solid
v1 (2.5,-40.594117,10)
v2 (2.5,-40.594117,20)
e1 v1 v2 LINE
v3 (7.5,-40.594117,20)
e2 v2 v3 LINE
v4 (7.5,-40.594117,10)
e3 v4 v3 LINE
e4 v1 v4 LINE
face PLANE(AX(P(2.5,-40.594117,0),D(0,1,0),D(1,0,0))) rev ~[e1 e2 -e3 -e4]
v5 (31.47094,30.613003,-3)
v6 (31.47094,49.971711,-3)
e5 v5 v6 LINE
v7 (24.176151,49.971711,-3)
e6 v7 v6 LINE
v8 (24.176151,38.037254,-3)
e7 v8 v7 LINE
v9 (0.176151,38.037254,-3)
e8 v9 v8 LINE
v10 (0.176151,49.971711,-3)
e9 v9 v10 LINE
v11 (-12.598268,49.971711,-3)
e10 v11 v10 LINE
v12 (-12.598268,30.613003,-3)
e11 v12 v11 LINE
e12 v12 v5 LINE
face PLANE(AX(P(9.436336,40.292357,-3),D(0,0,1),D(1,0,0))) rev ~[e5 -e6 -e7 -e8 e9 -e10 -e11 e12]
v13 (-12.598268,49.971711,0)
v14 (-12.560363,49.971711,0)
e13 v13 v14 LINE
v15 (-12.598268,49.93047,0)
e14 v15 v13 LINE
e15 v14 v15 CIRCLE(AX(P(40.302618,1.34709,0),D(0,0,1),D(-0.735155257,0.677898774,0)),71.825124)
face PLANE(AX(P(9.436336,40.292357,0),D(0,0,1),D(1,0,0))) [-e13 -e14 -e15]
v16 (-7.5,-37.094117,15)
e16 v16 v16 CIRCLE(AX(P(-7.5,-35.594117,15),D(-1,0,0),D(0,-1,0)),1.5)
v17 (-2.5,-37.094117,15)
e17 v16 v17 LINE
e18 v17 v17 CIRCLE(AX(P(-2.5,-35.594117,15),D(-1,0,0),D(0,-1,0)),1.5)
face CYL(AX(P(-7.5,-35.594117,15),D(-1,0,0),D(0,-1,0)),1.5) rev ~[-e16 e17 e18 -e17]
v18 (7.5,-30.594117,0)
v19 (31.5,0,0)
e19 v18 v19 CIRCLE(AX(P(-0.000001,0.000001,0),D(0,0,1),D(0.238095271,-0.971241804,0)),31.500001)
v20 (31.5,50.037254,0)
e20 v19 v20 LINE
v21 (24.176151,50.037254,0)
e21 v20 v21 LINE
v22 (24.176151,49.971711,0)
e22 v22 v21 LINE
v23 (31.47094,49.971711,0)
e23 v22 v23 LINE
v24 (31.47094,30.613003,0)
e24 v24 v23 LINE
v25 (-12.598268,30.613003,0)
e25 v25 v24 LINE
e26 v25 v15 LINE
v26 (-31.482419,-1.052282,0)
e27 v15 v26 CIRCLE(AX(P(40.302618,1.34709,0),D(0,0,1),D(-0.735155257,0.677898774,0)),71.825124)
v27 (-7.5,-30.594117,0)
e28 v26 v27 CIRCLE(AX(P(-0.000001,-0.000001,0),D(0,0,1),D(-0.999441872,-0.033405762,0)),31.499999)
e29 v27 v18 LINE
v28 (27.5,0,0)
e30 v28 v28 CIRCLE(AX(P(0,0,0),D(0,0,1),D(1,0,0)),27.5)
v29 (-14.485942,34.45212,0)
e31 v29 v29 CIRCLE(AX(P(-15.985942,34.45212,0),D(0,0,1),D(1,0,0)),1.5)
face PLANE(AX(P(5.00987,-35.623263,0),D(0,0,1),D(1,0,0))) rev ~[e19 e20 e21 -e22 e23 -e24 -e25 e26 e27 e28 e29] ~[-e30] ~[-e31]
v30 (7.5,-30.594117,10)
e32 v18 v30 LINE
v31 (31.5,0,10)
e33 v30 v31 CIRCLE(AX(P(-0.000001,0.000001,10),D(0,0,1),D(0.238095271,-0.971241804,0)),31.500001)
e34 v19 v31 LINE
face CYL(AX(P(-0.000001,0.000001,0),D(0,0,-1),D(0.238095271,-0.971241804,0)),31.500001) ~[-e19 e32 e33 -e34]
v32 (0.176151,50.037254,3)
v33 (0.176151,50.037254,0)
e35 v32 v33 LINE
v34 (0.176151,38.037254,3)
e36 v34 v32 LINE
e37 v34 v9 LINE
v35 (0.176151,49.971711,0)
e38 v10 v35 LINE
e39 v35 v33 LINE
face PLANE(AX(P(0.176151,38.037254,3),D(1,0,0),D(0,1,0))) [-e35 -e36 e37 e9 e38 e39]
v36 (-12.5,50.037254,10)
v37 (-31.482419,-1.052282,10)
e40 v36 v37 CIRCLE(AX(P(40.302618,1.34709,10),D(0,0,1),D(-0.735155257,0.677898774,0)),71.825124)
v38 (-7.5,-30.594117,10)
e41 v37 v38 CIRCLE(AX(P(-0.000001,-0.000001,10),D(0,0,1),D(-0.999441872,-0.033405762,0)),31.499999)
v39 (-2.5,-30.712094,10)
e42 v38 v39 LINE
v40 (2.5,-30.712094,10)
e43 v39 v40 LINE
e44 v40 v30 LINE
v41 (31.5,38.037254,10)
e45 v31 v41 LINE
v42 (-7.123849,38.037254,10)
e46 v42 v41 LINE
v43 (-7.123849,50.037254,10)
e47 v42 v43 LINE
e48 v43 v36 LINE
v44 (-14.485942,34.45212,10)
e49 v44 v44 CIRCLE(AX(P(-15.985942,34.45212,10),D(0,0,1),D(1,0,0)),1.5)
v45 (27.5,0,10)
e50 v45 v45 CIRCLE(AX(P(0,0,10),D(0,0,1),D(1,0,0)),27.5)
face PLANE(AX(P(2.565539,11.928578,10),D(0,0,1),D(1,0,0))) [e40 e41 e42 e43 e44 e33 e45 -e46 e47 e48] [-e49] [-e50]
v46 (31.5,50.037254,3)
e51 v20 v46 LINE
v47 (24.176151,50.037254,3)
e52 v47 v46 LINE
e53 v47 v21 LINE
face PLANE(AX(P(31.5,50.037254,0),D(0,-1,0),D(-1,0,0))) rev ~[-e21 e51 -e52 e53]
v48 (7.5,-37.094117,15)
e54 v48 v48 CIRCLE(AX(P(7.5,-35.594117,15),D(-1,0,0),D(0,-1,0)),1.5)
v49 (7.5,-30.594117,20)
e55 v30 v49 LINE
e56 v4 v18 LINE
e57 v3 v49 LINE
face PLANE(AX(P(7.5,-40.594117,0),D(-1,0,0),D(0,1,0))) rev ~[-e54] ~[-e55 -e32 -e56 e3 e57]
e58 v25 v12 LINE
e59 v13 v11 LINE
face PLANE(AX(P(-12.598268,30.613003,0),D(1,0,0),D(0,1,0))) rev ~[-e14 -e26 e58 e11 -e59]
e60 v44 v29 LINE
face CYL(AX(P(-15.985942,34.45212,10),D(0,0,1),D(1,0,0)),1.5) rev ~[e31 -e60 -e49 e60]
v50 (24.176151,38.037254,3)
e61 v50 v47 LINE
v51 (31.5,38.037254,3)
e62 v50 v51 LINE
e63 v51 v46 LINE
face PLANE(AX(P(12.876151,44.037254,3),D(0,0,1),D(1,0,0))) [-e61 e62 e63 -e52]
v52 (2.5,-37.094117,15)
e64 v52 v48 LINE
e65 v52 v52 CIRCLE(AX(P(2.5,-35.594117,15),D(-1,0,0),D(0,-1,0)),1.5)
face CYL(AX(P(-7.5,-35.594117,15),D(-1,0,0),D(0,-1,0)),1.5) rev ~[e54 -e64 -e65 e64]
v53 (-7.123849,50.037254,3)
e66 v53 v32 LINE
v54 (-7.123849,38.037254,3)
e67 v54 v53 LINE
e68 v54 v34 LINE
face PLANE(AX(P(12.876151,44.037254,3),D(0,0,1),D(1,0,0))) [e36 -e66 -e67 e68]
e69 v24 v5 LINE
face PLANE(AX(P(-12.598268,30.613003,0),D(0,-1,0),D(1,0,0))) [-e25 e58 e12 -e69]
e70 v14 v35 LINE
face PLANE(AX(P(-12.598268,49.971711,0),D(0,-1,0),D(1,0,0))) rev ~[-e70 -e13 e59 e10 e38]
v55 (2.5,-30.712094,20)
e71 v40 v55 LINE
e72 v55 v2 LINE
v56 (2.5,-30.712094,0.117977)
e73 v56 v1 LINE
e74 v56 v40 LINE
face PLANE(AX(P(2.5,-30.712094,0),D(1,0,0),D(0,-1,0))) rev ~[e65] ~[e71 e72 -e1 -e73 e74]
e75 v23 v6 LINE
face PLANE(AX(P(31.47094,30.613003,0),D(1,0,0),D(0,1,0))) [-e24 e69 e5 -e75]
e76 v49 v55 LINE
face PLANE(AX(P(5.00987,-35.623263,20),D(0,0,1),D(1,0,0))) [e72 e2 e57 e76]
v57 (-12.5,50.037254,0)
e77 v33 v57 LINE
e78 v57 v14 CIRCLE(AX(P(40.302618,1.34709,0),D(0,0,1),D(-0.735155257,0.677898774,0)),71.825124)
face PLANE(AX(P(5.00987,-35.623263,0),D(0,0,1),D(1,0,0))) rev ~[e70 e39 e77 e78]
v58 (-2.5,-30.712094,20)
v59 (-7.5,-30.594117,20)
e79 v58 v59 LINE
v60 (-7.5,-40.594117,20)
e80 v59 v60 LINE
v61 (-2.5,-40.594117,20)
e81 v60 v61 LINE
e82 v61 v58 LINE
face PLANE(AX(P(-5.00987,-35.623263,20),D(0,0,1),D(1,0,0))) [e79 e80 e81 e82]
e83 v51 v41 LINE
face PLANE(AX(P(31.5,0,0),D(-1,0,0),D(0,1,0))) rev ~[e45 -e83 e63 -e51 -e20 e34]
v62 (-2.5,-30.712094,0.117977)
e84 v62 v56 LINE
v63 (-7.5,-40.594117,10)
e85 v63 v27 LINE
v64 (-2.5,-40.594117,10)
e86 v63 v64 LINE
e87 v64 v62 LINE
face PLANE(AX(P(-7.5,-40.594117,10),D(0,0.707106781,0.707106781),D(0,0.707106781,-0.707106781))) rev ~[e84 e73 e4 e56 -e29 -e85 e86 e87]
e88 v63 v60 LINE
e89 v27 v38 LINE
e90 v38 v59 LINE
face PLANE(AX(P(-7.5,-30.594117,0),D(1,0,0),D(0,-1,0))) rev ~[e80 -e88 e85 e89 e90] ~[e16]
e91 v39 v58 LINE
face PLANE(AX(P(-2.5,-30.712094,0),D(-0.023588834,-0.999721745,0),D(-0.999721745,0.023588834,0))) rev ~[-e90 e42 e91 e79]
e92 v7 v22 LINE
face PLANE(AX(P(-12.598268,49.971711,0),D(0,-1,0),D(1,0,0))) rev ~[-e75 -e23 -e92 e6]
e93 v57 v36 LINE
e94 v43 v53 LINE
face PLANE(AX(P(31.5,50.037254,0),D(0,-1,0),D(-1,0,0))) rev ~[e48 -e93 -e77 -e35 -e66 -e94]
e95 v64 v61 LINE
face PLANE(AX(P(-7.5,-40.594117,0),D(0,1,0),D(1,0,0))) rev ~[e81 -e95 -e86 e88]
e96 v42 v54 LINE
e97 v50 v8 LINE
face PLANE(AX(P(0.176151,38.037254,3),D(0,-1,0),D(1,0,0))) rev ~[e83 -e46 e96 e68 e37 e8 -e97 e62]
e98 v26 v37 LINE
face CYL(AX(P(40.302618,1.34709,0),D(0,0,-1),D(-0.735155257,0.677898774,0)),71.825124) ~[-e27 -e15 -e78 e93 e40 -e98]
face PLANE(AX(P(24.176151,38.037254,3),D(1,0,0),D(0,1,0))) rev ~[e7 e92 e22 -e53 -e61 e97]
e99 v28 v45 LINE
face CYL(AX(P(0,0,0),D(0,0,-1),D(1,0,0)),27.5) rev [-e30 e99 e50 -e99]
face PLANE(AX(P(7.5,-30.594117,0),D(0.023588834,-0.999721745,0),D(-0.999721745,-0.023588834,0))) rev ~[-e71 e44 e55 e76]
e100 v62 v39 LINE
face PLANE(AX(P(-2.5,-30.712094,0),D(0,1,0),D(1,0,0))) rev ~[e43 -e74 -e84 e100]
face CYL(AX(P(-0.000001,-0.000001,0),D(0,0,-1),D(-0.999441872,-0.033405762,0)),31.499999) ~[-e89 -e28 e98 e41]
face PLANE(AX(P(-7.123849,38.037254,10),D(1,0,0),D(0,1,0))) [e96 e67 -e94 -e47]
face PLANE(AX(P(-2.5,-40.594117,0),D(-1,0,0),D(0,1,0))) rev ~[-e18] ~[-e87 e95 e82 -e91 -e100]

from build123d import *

# Parameters (mm, degrees)
F0_R      = 27.5
F1_DEPTH  = 10
F2_DEPTH  = 20
F4_DEPTH  = 25
F5_W      = 40
F5_H      = 12
F6_DEPTH  = 7
F8_W      = 44.069208
F8_H      = 19.358708
F9_DEPTH  = 3
F7_W      = 24
F7_H      = 12
F10_DEPTH = 25
F11_R     = 1.5
F12_DEPTH = 25
F13_R     = 1.5
F14_DEPTH = 25


with BuildPart() as f1:
    # F0 (on Top) → F1 (new body)
    with BuildSketch(Plane.XY):
        with BuildLine():
            ThreePointArc((-12.5, 50.037254), (-27.025356, 26.362934), (-31.482419, -1.052282))
            ThreePointArc((-31.482419, -1.052282), (-24.455823, -19.853532), (-7.5, -30.594117))
            Line((-7.5, -30.594117), (-2.5, -30.712094))
            Line((-2.5, -30.712094), (2.5, -30.712094))
            Line((2.5, -30.712094), (7.5, -30.594117))
            ThreePointArc((7.5, -30.594117), (24.784067, -19.442222), (31.5, 0))
            Line((31.5, 0), (31.5, 50.037254))
            Line((31.5, 50.037254), (-12.5, 50.037254))
        make_face()
        Circle(F0_R, mode=Mode.SUBTRACT)
    extrude(amount=F1_DEPTH)

    # F0 (on Top) → F2 (join)
    with BuildSketch(Plane.XY):
        Polygon((7.5, -30.594117), (2.5, -30.712094), (2.5, -40.594117), (7.5, -40.594117), align=None)
        Polygon((-2.5, -30.712094), (-7.5, -30.594117), (-7.5, -40.594117), (-2.5, -40.594117), align=None)
    extrude(amount=F2_DEPTH)

    # F3 (on face) → F4 (cut)
    with BuildSketch(Plane(origin=(-7.5, 0, 0), x_dir=(0, -1, 0), z_dir=(-1, 0, 0))):
        Polygon((40.594117, 10), (30.594117, 0), (40.594117, 0), align=None)
    extrude(amount=-F4_DEPTH, mode=Mode.SUBTRACT)

    # F5 (on face) → F6 (cut)
    with BuildSketch(Plane.XY.offset(10)):
        with Locations((12.876151, 44.037254)):
            Rectangle(F5_W, F5_H)
    extrude(amount=-F6_DEPTH, mode=Mode.SUBTRACT)

    # F8 (on face) → F9 (join)
    with BuildSketch(Plane.XY):
        with Locations((9.436336, 40.292357)):
            Rectangle(F8_W, F8_H)
    extrude(amount=-F9_DEPTH)

    # F7 (on face) → F10 (cut)
    with BuildSketch(Plane.XY.offset(3)):
        with Locations((12.176151, 44.037254)):
            Rectangle(F7_W, F7_H)
    extrude(amount=-F10_DEPTH, mode=Mode.SUBTRACT)

    # F11 (on face) → F12 (cut)
    with BuildSketch(Plane.XY.offset(10)):
        with Locations((-15.985942, 34.45212)):
            Circle(F11_R)
    extrude(amount=-F12_DEPTH, mode=Mode.SUBTRACT)

    # F13 (on face) → F14 (cut)
    with BuildSketch(Plane(origin=(-7.5, 0, 0), x_dir=(0, -1, 0), z_dir=(-1, 0, 0))):
        with Locations((35.594117, 15)):
            Circle(F13_R)
    extrude(amount=-F14_DEPTH, mode=Mode.SUBTRACT)


solid = f1.part
